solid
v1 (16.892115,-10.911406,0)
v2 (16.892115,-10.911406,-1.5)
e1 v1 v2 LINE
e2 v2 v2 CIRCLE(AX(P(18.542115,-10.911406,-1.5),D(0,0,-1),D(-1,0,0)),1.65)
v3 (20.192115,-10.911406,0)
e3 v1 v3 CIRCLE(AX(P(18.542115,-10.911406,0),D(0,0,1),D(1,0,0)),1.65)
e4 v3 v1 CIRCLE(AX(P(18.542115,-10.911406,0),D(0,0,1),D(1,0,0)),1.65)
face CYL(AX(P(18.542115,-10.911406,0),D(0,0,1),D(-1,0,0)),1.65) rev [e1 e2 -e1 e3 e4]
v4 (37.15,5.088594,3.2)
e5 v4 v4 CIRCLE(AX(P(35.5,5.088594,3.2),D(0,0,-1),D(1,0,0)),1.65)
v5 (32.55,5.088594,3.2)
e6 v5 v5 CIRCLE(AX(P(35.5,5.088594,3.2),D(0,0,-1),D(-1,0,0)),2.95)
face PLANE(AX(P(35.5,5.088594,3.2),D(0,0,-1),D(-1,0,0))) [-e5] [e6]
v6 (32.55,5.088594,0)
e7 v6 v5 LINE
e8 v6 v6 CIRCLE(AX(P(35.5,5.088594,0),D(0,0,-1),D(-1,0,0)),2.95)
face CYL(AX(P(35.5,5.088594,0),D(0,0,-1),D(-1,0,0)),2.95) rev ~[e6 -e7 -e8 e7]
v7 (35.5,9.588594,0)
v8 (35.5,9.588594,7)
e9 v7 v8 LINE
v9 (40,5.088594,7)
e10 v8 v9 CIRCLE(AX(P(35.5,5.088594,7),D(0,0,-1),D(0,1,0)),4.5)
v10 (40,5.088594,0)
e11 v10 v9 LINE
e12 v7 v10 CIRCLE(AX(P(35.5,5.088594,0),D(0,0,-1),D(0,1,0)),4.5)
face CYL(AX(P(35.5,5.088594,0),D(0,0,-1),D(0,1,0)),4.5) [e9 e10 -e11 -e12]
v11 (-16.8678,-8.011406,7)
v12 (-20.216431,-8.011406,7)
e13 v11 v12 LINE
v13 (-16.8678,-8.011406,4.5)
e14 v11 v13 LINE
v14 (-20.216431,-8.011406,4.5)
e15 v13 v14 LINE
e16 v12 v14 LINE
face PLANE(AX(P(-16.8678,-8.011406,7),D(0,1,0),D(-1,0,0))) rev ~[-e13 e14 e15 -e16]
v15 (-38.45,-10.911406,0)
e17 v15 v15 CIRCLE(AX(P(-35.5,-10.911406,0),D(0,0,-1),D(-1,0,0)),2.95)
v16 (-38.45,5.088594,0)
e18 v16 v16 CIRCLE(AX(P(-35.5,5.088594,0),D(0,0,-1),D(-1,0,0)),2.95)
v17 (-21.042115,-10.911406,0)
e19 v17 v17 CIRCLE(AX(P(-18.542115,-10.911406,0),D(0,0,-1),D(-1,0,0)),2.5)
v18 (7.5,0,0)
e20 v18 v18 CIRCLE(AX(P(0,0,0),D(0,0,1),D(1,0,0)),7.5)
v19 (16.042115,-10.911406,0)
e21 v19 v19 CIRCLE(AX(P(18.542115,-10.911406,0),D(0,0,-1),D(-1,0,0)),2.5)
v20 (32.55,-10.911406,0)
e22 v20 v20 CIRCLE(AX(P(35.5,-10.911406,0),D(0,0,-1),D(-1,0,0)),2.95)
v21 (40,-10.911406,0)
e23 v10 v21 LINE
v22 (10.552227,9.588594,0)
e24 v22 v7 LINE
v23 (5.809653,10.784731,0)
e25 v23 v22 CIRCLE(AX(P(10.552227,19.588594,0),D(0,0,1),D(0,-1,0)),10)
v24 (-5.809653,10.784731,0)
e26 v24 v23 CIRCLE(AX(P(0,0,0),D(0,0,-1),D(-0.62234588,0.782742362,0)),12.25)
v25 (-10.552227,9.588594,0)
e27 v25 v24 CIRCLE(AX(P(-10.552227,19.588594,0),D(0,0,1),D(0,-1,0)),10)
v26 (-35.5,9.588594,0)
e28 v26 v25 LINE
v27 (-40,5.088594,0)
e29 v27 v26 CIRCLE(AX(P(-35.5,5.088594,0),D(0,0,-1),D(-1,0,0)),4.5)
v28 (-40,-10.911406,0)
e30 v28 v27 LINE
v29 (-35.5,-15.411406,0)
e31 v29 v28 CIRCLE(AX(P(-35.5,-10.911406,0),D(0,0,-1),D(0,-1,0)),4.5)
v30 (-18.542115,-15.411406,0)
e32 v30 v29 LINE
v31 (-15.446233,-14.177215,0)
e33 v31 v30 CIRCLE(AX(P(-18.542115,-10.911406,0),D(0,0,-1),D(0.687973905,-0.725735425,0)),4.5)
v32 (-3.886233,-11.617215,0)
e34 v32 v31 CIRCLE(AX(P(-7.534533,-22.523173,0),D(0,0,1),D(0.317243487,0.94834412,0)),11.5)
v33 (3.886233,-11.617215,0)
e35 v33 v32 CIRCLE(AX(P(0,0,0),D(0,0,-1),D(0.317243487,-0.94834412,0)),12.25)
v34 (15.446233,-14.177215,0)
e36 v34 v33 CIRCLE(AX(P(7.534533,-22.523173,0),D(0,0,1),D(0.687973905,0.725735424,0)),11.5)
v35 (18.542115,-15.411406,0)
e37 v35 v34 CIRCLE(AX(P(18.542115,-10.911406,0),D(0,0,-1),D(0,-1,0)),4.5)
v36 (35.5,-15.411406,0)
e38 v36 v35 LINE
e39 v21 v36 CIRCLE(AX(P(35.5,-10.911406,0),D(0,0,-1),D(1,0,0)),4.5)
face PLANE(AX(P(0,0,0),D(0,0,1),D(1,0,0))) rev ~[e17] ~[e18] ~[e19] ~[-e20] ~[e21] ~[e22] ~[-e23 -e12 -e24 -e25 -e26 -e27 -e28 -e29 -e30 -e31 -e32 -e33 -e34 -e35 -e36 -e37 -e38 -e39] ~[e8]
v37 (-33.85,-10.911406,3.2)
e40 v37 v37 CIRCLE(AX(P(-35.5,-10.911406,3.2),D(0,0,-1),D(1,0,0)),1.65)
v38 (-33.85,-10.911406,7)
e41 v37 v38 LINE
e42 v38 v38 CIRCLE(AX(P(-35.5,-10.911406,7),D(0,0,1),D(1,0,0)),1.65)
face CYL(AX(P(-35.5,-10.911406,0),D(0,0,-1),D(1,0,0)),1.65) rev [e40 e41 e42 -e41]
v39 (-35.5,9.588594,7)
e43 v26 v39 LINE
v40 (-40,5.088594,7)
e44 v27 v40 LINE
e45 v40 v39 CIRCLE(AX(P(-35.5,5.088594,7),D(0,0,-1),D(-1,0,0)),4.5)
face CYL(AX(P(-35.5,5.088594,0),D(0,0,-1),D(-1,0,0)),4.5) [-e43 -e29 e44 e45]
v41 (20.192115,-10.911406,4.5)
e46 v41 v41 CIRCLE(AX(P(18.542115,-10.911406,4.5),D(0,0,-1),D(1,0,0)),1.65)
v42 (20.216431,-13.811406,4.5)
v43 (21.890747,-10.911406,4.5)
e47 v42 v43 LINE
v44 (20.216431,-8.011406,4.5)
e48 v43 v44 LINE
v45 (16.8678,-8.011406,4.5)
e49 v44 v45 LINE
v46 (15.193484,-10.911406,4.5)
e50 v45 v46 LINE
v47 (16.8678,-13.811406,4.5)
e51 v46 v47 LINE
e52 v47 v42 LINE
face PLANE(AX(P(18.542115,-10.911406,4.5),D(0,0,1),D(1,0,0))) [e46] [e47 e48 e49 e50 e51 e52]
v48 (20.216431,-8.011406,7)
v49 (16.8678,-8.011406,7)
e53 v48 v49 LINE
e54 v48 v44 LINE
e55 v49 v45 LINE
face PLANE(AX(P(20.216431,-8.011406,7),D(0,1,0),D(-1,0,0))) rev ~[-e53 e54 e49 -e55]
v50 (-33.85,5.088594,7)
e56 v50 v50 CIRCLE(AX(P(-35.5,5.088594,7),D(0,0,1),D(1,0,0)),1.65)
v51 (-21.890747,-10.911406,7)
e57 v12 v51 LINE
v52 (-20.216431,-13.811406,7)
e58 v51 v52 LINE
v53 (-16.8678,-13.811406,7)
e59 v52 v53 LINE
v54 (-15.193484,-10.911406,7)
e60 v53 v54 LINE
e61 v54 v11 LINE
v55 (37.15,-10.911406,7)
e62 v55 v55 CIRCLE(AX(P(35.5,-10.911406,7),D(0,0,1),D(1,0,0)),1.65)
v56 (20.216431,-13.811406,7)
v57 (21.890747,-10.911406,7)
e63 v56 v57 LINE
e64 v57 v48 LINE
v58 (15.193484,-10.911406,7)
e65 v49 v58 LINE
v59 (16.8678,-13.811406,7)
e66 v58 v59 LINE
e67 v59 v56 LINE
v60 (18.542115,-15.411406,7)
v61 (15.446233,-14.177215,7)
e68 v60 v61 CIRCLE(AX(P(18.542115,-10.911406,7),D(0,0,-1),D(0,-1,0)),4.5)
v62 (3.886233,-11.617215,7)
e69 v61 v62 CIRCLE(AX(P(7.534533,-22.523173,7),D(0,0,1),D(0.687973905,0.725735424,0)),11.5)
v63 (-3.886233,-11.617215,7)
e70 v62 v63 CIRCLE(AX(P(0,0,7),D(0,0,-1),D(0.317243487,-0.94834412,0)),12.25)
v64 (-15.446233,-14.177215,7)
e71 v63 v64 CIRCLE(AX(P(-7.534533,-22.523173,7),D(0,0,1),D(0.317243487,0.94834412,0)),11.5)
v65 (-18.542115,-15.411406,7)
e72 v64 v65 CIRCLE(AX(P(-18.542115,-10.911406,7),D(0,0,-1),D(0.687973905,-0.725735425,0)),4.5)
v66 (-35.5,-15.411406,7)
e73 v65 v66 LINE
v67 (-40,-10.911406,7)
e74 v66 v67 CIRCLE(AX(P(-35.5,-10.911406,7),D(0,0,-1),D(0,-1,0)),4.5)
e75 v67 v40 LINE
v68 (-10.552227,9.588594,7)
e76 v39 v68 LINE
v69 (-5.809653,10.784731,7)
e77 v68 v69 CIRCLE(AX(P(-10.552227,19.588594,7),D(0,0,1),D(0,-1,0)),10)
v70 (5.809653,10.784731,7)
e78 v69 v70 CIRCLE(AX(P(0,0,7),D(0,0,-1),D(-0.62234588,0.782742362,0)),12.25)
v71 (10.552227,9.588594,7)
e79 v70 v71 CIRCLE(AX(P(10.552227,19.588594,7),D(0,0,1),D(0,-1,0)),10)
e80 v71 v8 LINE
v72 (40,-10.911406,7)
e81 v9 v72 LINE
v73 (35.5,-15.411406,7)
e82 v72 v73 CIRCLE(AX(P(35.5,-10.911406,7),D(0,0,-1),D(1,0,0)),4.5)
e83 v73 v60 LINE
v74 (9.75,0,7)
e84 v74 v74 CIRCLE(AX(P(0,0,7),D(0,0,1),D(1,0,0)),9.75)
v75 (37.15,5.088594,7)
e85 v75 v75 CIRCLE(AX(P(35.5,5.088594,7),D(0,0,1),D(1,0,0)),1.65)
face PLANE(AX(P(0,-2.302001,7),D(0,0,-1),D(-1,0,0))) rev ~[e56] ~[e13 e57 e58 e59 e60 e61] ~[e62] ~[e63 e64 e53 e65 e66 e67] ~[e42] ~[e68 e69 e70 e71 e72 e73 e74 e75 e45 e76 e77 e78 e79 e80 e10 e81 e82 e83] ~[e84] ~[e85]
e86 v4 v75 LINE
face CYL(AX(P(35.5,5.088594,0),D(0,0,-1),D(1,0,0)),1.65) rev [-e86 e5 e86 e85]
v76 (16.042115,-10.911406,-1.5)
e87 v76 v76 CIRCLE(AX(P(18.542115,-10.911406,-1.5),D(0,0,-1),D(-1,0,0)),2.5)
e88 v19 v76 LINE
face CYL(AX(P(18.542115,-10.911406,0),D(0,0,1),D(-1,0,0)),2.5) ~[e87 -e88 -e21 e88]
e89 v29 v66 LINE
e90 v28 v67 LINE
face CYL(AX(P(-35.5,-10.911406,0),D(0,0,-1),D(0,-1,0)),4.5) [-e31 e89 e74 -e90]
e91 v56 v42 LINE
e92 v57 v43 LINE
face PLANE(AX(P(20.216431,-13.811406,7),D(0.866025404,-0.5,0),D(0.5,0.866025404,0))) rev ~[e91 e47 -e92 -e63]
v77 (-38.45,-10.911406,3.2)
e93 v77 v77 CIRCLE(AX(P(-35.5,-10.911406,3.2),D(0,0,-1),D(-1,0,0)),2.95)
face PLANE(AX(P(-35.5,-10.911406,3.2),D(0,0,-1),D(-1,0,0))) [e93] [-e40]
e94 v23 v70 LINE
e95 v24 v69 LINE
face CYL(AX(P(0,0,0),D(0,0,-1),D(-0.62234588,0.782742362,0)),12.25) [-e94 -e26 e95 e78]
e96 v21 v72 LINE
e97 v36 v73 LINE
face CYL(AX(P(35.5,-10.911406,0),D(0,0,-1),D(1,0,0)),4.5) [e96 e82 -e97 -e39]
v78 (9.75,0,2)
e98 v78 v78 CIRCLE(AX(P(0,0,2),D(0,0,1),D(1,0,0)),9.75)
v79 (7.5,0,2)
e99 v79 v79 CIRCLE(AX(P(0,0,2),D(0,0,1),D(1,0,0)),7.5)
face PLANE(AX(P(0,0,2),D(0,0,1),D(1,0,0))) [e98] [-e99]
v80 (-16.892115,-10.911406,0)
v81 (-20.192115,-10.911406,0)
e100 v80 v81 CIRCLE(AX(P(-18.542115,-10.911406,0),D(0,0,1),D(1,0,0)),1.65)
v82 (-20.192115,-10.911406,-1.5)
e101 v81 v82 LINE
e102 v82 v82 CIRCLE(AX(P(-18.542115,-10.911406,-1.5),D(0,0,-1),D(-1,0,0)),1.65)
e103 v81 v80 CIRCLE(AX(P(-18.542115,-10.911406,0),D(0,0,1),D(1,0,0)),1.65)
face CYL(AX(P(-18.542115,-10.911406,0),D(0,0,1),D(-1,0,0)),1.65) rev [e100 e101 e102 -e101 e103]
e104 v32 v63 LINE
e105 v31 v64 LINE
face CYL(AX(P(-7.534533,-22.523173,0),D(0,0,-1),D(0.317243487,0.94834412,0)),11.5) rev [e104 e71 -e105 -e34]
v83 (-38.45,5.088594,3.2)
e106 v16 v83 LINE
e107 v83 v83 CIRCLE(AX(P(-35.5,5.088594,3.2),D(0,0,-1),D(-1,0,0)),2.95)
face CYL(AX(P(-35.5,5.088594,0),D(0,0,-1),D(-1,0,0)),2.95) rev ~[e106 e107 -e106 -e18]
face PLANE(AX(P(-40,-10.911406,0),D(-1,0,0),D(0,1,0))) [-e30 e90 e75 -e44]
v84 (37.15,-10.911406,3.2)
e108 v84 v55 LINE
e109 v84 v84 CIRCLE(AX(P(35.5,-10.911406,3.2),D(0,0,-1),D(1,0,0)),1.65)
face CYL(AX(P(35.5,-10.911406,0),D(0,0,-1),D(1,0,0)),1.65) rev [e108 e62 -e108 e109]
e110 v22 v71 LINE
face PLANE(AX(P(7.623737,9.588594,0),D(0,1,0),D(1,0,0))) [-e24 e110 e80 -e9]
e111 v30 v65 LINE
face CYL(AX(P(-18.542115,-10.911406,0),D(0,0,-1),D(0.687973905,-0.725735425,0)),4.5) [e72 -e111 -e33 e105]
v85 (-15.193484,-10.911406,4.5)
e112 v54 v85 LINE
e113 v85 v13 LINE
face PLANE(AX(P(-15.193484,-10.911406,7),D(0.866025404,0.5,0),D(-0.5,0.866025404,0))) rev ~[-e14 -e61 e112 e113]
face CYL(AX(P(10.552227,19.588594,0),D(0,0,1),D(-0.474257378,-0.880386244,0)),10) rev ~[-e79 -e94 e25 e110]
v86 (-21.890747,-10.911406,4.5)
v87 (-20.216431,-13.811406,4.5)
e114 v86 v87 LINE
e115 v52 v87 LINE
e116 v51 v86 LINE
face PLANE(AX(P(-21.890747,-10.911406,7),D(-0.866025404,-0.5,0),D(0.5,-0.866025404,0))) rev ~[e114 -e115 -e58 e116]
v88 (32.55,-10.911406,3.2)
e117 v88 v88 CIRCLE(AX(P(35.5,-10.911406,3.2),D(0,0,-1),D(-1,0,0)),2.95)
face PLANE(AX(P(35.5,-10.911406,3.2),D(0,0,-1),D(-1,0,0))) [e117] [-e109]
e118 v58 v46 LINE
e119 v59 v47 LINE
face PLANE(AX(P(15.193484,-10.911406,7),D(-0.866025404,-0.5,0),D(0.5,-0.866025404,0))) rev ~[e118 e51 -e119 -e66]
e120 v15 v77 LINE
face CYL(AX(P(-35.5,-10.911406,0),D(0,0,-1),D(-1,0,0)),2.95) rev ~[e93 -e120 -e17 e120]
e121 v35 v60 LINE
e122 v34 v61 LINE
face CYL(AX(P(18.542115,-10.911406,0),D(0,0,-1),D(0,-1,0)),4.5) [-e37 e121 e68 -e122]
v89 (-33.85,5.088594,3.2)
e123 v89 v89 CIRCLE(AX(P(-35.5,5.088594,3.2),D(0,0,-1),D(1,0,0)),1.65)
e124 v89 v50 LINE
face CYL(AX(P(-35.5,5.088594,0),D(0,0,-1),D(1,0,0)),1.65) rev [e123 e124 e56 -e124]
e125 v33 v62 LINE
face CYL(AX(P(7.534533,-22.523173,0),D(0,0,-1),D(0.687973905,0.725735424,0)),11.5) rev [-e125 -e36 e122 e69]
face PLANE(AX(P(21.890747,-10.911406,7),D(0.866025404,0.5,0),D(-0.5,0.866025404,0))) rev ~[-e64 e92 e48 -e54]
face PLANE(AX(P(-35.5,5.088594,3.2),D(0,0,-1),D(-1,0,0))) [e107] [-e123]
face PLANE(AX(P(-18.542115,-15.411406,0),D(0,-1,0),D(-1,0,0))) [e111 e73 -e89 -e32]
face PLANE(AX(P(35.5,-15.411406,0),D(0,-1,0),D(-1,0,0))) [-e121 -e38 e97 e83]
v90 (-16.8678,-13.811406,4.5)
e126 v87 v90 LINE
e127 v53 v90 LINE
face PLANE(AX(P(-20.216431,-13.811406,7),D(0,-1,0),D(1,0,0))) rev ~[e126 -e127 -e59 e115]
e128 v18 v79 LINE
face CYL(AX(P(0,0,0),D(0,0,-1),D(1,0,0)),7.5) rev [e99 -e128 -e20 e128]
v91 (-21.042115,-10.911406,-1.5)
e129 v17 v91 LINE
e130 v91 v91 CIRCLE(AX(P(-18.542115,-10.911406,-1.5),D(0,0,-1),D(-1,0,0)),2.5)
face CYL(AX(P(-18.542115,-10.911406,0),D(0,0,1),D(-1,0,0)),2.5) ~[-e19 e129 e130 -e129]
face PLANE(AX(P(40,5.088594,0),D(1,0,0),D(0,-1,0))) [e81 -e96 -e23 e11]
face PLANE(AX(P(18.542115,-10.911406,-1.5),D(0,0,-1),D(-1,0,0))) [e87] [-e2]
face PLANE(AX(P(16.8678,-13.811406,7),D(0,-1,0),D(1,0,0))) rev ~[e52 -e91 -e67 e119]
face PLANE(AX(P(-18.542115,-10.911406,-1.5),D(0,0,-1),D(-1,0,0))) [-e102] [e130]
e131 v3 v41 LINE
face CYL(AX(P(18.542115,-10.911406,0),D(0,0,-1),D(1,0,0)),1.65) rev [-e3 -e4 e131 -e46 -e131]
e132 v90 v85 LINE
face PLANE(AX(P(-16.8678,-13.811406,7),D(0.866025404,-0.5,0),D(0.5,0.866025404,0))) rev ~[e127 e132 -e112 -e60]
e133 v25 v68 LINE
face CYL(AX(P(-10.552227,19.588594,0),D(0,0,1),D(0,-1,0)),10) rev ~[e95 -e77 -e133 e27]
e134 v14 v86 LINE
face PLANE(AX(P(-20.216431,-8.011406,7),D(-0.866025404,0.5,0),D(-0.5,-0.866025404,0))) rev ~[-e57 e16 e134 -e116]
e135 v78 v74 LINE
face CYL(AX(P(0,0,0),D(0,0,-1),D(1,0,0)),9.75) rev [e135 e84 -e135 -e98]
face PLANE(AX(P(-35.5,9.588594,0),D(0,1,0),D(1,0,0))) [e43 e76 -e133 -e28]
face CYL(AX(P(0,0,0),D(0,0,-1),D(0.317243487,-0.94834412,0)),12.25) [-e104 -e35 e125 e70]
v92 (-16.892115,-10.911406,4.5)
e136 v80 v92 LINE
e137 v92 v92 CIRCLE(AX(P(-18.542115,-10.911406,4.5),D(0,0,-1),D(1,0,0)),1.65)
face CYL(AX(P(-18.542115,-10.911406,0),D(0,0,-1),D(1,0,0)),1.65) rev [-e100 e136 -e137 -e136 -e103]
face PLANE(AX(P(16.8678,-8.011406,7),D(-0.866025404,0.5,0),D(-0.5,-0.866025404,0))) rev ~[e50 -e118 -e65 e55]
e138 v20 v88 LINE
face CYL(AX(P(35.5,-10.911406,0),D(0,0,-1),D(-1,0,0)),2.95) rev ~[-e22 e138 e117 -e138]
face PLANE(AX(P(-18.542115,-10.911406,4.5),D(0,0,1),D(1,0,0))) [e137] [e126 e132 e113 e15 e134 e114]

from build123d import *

# Parameters (mm, degrees)
SKETCH1_R           = 9.75
SKETCH1_R_2         = 1.65
BOSS_EXTRUDE1_DEPTH = 7
FILLET1_R           = 10
SKETCH2_R           = 9.75
SKETCH2_R_2         = 7.5
BOSS_EXTRUDE2_DEPTH = 2
CUT_EXTRUDE1_DEPTH  = 2.5
SKETCH4_R           = 2.5
SKETCH4_R_2         = 1.65
BOSS_EXTRUDE3_DEPTH = 1.5
SKETCH5_R           = 2.95
CUT_EXTRUDE2_DEPTH  = 3.2


with BuildPart() as part:
    # Sketch1 → Boss-Extrude1 (new body)
    with BuildSketch(Plane.XY):
        with BuildLine():
            Line((-35.5, 9.588593938), (-7.623737029, 9.588593938))
            ThreePointArc((-7.623737029, 9.588593938), (0, 12.25), (7.623737029, 9.588593938))
            Line((7.623737029, 9.588593938), (35.5, 9.588593938))
            ThreePointArc((35.5, 9.588593938), (38.681980515, 8.270574454), (40, 5.088593938))
            Line((40, 5.088593938), (40, -10.911406062))
            ThreePointArc((40, -10.911406062), (38.681980515, -14.093386577), (35.5, -15.411406062))
            Line((35.5, -15.411406062), (18.542115282, -15.411406062))
            ThreePointArc((18.542115282, -15.411406062), (16.87570332, -15.091486345), (15.44623271, -14.177215472))
            ThreePointArc((15.44623271, -14.177215472), (10.021005103, -11.295196388), (3.88623271, -11.617215472))
            ThreePointArc((3.88623271, -11.617215472), (0, -12.25), (-3.88623271, -11.617215472))
            ThreePointArc((-3.88623271, -11.617215472), (-10.021005103, -11.295196388), (-15.44623271, -14.177215472))
            ThreePointArc((-15.44623271, -14.177215472), (-16.87570332, -15.091486345), (-18.542115282, -15.411406062))
            Line((-18.542115282, -15.411406062), (-35.5, -15.411406062))
            ThreePointArc((-35.5, -15.411406062), (-38.681980515, -14.093386577), (-40, -10.911406062))
            Line((-40, -10.911406062), (-40, 5.088593938))
            ThreePointArc((-40, 5.088593938), (-38.681980515, 8.270574454), (-35.5, 9.588593938))
        make_face()
        Circle(SKETCH1_R, mode=Mode.SUBTRACT)
        with Locations((-35.5, 5.088593938)):
            Circle(SKETCH1_R_2, mode=Mode.SUBTRACT)
        with Locations((35.5, 5.088593938)):
            Circle(SKETCH1_R_2, mode=Mode.SUBTRACT)
        with Locations((-18.542115282, -10.911406062)):
            Circle(SKETCH1_R_2, mode=Mode.SUBTRACT)
        with Locations((-35.5, -10.911406062)):
            Circle(SKETCH1_R_2, mode=Mode.SUBTRACT)
        with Locations((18.542115282, -10.911406062)):
            Circle(SKETCH1_R_2, mode=Mode.SUBTRACT)
        with Locations((35.5, -10.911406062)):
            Circle(SKETCH1_R_2, mode=Mode.SUBTRACT)
    extrude(amount=BOSS_EXTRUDE1_DEPTH)

    # Fillet1
    fillet1_edges = [part.edges().sort_by_distance(p)[0] for p in [
        (-7.623737029, 9.588593938, 3.5),
        (7.623737029, 9.588593938, 3.5),
    ]]
    fillet(fillet1_edges, radius=FILLET1_R)

    # Sketch2 → Boss-Extrude2 (add)
    with BuildSketch(Plane.XY):
        Circle(SKETCH2_R)
        Circle(SKETCH2_R_2, mode=Mode.SUBTRACT)
    extrude(amount=BOSS_EXTRUDE2_DEPTH)

    # Sketch3 → Cut-Extrude1 (cut)
    with BuildSketch(Plane.XY.offset(7)):
        Polygon((-16.867799501, -8.011406062), (-20.216431062, -8.011406062), (-21.890746843, -10.911406062), (-20.216431062, -13.811406062), (-16.867799501, -13.811406062), (-15.19348372, -10.911406062), align=None)
        Polygon((20.216431062, -8.011406062), (16.867799501, -8.011406062), (15.19348372, -10.911406062), (16.867799501, -13.811406062), (20.216431062, -13.811406062), (21.890746843, -10.911406062), align=None)
    extrude(amount=-CUT_EXTRUDE1_DEPTH, mode=Mode.SUBTRACT)

    # Sketch4 → Boss-Extrude3 (add)
    with BuildSketch(Plane(origin=(0, 0, 0), x_dir=(-1, 0, 0), z_dir=(0, 0, -1))):
        with Locations((-18.542115282, -10.911406062)):
            Circle(SKETCH4_R)
        with Locations((-18.542115282, -10.911406062)):
            Circle(SKETCH4_R_2, mode=Mode.SUBTRACT)
        with Locations((18.542115282, -10.911406062)):
            Circle(SKETCH4_R)
        with Locations((18.542115282, -10.911406062)):
            Circle(SKETCH4_R_2, mode=Mode.SUBTRACT)
    extrude(amount=BOSS_EXTRUDE3_DEPTH)

    # Sketch5 → Cut-Extrude2 (cut)
    with BuildSketch(Plane(origin=(0, 0, 0), x_dir=(-1, 0, 0), z_dir=(0, 0, -1))):
        with Locations((-35.5, 5.088593938)):
            Circle(SKETCH5_R)
        with Locations((-35.5, -10.911406062)):
            Circle(SKETCH5_R)
        with Locations((35.5, 5.088593938)):
            Circle(SKETCH5_R)
        with Locations((35.5, -10.911406062)):
            Circle(SKETCH5_R)
    extrude(amount=-CUT_EXTRUDE2_DEPTH, mode=Mode.SUBTRACT)


solid = part.part
